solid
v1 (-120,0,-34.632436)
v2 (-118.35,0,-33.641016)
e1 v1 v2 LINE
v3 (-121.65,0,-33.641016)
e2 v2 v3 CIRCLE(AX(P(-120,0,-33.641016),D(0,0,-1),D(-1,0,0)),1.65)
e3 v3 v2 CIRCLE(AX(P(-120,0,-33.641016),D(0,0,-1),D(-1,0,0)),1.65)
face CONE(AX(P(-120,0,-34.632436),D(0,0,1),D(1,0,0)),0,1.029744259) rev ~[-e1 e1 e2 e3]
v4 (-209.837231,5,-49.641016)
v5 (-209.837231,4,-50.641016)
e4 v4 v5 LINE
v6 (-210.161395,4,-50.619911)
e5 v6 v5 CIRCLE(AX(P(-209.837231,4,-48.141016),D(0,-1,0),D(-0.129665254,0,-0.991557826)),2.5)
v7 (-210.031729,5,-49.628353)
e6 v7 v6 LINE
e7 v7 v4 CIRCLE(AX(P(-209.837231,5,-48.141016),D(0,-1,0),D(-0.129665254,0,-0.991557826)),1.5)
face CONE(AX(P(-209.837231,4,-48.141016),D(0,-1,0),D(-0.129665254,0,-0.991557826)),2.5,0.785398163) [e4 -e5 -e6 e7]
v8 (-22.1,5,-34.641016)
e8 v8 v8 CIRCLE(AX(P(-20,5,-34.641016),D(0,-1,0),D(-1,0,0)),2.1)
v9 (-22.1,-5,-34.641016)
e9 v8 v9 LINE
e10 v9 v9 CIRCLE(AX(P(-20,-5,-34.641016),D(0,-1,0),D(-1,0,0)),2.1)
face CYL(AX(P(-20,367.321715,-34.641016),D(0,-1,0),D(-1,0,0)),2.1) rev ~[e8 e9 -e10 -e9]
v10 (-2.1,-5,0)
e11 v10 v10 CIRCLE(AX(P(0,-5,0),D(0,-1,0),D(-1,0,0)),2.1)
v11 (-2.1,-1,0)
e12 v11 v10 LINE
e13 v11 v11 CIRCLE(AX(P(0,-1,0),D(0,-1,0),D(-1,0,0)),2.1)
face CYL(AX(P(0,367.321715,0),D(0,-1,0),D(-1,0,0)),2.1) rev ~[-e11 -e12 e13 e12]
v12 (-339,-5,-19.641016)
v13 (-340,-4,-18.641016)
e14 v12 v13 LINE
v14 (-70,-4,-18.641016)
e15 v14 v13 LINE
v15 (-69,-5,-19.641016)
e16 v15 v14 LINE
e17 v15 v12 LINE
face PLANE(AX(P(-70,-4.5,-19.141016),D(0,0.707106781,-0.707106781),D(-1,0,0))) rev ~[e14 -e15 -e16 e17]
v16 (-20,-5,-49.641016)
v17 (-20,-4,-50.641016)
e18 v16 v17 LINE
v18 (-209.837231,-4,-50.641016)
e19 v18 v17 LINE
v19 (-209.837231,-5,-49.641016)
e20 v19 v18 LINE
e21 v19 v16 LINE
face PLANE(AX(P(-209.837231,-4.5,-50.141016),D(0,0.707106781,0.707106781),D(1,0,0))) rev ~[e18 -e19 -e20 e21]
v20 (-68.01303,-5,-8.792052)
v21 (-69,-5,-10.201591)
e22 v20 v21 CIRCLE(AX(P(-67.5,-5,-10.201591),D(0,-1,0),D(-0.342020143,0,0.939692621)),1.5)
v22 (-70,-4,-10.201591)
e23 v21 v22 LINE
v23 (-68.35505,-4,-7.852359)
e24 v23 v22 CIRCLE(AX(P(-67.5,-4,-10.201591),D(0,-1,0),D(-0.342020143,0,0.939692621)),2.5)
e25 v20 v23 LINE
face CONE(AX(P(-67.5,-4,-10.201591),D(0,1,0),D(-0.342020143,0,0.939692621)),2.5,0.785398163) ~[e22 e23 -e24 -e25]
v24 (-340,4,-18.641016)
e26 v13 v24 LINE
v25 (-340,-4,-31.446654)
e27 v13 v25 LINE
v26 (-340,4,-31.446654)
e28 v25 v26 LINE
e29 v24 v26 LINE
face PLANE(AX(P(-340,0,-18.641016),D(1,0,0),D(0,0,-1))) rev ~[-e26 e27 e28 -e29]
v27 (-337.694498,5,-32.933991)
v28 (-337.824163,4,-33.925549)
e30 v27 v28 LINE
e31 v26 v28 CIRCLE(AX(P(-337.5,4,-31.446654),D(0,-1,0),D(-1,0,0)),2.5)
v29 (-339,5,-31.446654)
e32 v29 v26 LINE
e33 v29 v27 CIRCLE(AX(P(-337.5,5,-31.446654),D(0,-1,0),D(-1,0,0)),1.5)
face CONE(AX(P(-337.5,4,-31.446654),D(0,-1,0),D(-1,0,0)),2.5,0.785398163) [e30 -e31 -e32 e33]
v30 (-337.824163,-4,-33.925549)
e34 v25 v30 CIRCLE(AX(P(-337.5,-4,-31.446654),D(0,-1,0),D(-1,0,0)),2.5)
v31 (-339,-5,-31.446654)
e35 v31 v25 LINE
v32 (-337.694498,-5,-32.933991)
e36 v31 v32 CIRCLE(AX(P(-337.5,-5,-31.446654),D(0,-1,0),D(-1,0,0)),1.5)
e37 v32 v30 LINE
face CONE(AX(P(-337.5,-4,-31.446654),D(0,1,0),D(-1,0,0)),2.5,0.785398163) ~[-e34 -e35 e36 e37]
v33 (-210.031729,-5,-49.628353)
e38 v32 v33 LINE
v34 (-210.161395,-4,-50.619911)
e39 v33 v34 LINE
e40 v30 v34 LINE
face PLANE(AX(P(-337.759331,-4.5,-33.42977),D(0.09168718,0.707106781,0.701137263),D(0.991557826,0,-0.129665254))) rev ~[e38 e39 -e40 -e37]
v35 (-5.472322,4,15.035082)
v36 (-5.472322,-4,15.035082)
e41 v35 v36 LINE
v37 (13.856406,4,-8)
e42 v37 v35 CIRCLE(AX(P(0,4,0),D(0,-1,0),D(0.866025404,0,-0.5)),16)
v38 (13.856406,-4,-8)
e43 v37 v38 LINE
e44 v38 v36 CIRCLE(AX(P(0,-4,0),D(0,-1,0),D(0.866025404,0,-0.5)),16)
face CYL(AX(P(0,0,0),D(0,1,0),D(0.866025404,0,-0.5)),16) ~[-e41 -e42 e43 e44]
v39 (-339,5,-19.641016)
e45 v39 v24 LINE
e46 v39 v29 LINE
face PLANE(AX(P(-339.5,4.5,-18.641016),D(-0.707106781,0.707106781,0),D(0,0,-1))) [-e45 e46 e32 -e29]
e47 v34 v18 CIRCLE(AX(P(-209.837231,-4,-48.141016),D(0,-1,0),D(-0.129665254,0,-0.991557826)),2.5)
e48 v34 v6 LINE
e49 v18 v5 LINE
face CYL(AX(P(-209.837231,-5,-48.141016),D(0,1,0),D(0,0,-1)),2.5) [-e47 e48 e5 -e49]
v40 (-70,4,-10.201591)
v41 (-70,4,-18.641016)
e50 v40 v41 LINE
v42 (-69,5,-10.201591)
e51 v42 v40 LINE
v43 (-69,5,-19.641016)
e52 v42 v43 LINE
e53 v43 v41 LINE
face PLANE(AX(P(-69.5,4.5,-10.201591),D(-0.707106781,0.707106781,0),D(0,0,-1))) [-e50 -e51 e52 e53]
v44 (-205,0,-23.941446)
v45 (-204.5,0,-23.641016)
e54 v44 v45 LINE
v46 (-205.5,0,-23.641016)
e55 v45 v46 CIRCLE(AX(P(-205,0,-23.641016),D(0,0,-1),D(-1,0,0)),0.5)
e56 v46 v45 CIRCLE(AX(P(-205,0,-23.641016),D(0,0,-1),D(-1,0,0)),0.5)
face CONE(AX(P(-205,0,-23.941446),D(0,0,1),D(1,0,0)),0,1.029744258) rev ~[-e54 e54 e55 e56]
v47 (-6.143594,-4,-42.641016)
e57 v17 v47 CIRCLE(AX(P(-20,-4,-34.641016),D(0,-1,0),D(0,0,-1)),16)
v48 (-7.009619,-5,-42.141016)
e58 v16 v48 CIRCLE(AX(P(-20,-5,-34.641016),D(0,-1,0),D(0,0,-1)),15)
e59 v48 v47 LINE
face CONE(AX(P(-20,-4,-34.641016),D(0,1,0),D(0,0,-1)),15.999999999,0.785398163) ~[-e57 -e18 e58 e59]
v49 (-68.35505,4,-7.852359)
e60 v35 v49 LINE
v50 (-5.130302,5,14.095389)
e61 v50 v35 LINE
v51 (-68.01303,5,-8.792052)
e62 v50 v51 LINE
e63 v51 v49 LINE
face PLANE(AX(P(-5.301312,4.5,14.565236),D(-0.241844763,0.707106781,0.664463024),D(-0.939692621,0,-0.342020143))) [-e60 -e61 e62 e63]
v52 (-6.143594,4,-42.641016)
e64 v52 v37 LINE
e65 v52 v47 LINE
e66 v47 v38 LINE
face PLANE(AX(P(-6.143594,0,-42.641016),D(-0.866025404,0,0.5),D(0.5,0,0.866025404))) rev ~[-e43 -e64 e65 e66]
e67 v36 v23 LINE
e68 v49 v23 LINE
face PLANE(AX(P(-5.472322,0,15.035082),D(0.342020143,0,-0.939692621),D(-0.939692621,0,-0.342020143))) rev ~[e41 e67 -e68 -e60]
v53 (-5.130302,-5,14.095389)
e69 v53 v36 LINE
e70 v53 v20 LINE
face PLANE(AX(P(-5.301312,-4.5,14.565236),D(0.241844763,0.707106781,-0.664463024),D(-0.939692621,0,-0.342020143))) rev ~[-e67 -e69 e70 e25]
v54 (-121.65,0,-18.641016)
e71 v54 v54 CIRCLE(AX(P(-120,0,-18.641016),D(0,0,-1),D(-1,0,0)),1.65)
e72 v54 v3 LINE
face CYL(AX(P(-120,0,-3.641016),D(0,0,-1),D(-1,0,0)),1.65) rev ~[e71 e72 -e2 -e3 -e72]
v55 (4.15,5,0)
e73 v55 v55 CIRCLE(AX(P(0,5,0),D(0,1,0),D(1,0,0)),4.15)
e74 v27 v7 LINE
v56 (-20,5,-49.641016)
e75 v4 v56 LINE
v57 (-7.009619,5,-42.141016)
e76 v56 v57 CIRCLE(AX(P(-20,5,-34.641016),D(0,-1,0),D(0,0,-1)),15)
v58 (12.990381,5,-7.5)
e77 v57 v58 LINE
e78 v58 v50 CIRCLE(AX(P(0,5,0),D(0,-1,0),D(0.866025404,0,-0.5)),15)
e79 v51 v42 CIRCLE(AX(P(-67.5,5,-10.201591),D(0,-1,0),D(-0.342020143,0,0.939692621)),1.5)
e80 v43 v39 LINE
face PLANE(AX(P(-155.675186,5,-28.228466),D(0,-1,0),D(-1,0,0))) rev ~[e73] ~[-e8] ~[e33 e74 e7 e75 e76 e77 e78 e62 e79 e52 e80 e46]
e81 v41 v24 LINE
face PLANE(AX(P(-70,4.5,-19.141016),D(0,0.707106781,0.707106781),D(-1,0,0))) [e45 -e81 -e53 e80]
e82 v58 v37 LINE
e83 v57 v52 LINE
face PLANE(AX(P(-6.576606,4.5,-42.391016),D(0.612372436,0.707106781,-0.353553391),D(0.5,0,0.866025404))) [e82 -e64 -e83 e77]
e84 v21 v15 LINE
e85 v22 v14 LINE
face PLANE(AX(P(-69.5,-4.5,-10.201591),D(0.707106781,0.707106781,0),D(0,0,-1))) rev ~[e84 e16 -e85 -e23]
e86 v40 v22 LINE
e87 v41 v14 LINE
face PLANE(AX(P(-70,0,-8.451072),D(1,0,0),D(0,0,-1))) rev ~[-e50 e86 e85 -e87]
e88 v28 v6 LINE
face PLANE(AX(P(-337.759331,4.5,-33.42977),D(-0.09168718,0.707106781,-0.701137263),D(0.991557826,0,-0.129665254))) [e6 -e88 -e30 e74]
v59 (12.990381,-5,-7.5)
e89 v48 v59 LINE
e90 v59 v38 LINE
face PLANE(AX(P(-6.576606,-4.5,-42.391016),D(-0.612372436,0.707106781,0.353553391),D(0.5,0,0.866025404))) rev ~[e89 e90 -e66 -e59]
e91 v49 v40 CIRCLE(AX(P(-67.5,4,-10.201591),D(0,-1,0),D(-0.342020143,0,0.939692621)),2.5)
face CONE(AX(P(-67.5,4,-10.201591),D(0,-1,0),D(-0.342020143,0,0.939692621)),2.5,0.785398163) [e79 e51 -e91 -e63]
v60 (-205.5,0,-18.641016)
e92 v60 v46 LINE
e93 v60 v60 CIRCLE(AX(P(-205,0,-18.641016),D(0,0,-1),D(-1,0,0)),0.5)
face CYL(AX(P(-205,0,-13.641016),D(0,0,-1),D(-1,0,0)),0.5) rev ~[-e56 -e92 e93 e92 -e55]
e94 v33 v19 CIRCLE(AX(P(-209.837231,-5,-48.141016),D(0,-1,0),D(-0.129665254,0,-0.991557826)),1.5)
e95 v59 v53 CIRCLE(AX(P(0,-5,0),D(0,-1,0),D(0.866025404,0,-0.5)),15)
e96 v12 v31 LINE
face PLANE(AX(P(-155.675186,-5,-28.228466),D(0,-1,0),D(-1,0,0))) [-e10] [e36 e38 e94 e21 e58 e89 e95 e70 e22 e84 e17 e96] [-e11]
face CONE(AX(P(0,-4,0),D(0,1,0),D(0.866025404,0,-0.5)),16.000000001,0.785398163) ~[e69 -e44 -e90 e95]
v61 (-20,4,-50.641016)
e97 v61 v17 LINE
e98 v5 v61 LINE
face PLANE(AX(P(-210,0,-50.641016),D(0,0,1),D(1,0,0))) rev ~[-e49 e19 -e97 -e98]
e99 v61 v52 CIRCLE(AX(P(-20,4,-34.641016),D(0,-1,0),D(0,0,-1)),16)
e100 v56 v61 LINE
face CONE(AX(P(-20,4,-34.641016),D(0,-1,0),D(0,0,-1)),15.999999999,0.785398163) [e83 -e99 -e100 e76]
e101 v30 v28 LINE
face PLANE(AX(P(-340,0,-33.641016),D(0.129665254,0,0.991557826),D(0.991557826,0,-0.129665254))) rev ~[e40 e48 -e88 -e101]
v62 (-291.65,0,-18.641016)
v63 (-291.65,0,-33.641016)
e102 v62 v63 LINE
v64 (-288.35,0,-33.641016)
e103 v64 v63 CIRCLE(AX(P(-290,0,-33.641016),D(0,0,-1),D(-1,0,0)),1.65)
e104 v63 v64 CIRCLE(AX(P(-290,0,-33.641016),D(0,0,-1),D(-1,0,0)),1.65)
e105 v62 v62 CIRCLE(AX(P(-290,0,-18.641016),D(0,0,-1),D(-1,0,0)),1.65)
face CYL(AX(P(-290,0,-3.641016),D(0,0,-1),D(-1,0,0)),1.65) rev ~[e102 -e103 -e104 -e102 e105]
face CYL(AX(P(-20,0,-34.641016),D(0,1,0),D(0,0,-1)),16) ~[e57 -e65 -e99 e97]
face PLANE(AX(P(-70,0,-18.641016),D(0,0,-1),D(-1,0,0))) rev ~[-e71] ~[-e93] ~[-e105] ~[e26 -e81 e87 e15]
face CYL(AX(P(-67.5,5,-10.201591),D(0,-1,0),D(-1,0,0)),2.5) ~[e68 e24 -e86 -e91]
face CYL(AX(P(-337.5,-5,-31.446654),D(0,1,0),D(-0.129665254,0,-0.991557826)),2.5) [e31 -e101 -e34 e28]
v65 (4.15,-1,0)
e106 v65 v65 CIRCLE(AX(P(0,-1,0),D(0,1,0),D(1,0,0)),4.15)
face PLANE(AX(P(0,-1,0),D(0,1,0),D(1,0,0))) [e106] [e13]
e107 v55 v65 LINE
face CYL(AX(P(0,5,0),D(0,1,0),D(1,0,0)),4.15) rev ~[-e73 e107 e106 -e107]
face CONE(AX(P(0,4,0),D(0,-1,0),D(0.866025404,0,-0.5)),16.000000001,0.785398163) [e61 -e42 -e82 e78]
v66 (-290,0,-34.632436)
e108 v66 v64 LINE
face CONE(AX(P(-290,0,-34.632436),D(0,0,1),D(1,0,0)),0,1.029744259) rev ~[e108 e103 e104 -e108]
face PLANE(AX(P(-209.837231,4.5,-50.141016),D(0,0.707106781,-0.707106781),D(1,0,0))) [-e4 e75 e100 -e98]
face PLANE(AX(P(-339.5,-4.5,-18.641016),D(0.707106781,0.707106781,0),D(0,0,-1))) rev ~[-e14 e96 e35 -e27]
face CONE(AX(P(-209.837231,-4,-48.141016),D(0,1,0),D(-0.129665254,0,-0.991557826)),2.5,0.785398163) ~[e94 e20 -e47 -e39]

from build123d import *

# Parameters (mm, degrees)
BOSS_EXTRUDE1_DEPTH       = 5
M5X0_8_TAPPED_HOLE1_D     = 4.2
SKETCH5_R                 = 4.15
CUT_EXTRUDE1_DEPTH        = 6
M4X0_7_TAPPED_HOLE1_D     = 3.3
M4X0_7_TAPPED_HOLE1_DEPTH = 15
M4X0_7_TAPPED_HOLE1_TIP   = 0.991420021
FILLET1_R                 = 2.5
CHAMFER1_SIZE             = 1
F_1_0MM_DOWEL_HOLE1_D     = 1
F_1_0MM_DOWEL_HOLE1_DEPTH = 5
F_1_0MM_DOWEL_HOLE1_TIP   = 0.30043031


with BuildPart() as part:
    # Sketch2 → Boss-Extrude1 (new body, symmetric)
    with BuildSketch(Plane(origin=(0, 0, 0), x_dir=(1, 0, 0), z_dir=(0, 1, 0))):
        with BuildLine():
            Line((-210, 50.641016151), (-20, 50.641016151))
            ThreePointArc((-20, 50.641016151), (-12, 48.497422612), (-6.143593539, 42.641016151))
            Line((-6.143593539, 42.641016151), (13.856406461, 8))
            ThreePointArc((13.856406461, 8), (12.25671109, -10.284601755), (-5.472322293, -15.035081933))
            Line((-5.472322293, -15.035081933), (-70, 8.451072039))
            Line((-70, 8.451072039), (-70, 18.641016151))
            Line((-70, 18.641016151), (-340, 18.641016151))
            Line((-340, 18.641016151), (-340, 33.641016151))
            Line((-340, 33.641016151), (-210, 50.641016151))
        make_face()
    extrude(amount=BOSS_EXTRUDE1_DEPTH, both=True)

    # M5x0.8 Tapped Hole1 (through all)
    with Locations(Plane(origin=(0, 5, 0), x_dir=(1, 0, 0), z_dir=(0, 1, 0))):
        with Locations((-20, 34.641016151), (0, 0)):
            Hole(M5X0_8_TAPPED_HOLE1_D / 2)

    # Sketch5 → Cut-Extrude1 (cut)
    with BuildSketch(Plane(origin=(0, 5, 0), x_dir=(1, 0, 0), z_dir=(0, 1, 0))):
        Circle(SKETCH5_R)
    extrude(amount=-CUT_EXTRUDE1_DEPTH, mode=Mode.SUBTRACT)

    # M4x0.7 Tapped Hole1
    with Locations(Plane.XY.offset(-18.641016151)):
        with Locations((-290, 0), (-120, 0)):
            Hole(M4X0_7_TAPPED_HOLE1_D / 2, depth=M4X0_7_TAPPED_HOLE1_DEPTH)
            with Locations((0, 0, -(M4X0_7_TAPPED_HOLE1_DEPTH + M4X0_7_TAPPED_HOLE1_TIP / 2))):  # 118° drill point
                Cone(0, M4X0_7_TAPPED_HOLE1_D / 2, M4X0_7_TAPPED_HOLE1_TIP, mode=Mode.SUBTRACT)

    # Fillet1
    fillet1_edges = [part.edges().sort_by_distance(p)[0] for p in [
        (-70, 0, -8.451072039),
        (-340, 0, -33.641016151),
        (-210, 0, -50.641016151),
    ]]
    fillet(fillet1_edges, radius=FILLET1_R)

    # Chamfer1
    chamfer1_edges = [part.edges().sort_by_distance(p)[0] for p in [
        (-70, -5, -14.421303518),
        (-205, -5, -18.641016151),
        (-114.918615686, -5, -50.641016151),
        (-12, -5, -48.497422612),
        (-205, 5, -18.641016151),
        (-70, 5, -14.421303518),
        (12.25671109, 5, 10.284601755),
        (3.856406461, 5, -25.320508076),
        (-12, 5, -48.497422612),
        (-273.992778821, -5, -42.27272969),
        (-273.992778821, 5, -42.27272969),
        (-36.913686326, -5, 3.5913613),
        (-340, -5, -25.043835126),
        (-69.547880111, -5, -8.767649794),
        (-339.37888369, -5, -33.095834527),
        (-209.999656106, -5, -50.635734213),
        (-340, 5, -25.043835126),
        (-36.913686326, 5, 3.5913613),
        (-69.547880111, 5, -8.767649794),
        (-339.37888369, 5, -33.095834527),
        (-209.999656106, 5, -50.635734213),
        (-114.918615686, 5, -50.641016151),
        (3.856406461, -5, -25.320508076),
        (12.25671109, -5, 10.284601755),
    ]]
    chamfer(chamfer1_edges, length=CHAMFER1_SIZE)

    # Ø1.0mm Dowel Hole1
    with Locations(Plane.XY.offset(-18.641016151)):
        with Locations((-205, 0)):
            Hole(F_1_0MM_DOWEL_HOLE1_D / 2, depth=F_1_0MM_DOWEL_HOLE1_DEPTH)
            with Locations((0, 0, -(F_1_0MM_DOWEL_HOLE1_DEPTH + F_1_0MM_DOWEL_HOLE1_TIP / 2))):  # 118° drill point
                Cone(0, F_1_0MM_DOWEL_HOLE1_D / 2, F_1_0MM_DOWEL_HOLE1_TIP, mode=Mode.SUBTRACT)


solid = part.part
